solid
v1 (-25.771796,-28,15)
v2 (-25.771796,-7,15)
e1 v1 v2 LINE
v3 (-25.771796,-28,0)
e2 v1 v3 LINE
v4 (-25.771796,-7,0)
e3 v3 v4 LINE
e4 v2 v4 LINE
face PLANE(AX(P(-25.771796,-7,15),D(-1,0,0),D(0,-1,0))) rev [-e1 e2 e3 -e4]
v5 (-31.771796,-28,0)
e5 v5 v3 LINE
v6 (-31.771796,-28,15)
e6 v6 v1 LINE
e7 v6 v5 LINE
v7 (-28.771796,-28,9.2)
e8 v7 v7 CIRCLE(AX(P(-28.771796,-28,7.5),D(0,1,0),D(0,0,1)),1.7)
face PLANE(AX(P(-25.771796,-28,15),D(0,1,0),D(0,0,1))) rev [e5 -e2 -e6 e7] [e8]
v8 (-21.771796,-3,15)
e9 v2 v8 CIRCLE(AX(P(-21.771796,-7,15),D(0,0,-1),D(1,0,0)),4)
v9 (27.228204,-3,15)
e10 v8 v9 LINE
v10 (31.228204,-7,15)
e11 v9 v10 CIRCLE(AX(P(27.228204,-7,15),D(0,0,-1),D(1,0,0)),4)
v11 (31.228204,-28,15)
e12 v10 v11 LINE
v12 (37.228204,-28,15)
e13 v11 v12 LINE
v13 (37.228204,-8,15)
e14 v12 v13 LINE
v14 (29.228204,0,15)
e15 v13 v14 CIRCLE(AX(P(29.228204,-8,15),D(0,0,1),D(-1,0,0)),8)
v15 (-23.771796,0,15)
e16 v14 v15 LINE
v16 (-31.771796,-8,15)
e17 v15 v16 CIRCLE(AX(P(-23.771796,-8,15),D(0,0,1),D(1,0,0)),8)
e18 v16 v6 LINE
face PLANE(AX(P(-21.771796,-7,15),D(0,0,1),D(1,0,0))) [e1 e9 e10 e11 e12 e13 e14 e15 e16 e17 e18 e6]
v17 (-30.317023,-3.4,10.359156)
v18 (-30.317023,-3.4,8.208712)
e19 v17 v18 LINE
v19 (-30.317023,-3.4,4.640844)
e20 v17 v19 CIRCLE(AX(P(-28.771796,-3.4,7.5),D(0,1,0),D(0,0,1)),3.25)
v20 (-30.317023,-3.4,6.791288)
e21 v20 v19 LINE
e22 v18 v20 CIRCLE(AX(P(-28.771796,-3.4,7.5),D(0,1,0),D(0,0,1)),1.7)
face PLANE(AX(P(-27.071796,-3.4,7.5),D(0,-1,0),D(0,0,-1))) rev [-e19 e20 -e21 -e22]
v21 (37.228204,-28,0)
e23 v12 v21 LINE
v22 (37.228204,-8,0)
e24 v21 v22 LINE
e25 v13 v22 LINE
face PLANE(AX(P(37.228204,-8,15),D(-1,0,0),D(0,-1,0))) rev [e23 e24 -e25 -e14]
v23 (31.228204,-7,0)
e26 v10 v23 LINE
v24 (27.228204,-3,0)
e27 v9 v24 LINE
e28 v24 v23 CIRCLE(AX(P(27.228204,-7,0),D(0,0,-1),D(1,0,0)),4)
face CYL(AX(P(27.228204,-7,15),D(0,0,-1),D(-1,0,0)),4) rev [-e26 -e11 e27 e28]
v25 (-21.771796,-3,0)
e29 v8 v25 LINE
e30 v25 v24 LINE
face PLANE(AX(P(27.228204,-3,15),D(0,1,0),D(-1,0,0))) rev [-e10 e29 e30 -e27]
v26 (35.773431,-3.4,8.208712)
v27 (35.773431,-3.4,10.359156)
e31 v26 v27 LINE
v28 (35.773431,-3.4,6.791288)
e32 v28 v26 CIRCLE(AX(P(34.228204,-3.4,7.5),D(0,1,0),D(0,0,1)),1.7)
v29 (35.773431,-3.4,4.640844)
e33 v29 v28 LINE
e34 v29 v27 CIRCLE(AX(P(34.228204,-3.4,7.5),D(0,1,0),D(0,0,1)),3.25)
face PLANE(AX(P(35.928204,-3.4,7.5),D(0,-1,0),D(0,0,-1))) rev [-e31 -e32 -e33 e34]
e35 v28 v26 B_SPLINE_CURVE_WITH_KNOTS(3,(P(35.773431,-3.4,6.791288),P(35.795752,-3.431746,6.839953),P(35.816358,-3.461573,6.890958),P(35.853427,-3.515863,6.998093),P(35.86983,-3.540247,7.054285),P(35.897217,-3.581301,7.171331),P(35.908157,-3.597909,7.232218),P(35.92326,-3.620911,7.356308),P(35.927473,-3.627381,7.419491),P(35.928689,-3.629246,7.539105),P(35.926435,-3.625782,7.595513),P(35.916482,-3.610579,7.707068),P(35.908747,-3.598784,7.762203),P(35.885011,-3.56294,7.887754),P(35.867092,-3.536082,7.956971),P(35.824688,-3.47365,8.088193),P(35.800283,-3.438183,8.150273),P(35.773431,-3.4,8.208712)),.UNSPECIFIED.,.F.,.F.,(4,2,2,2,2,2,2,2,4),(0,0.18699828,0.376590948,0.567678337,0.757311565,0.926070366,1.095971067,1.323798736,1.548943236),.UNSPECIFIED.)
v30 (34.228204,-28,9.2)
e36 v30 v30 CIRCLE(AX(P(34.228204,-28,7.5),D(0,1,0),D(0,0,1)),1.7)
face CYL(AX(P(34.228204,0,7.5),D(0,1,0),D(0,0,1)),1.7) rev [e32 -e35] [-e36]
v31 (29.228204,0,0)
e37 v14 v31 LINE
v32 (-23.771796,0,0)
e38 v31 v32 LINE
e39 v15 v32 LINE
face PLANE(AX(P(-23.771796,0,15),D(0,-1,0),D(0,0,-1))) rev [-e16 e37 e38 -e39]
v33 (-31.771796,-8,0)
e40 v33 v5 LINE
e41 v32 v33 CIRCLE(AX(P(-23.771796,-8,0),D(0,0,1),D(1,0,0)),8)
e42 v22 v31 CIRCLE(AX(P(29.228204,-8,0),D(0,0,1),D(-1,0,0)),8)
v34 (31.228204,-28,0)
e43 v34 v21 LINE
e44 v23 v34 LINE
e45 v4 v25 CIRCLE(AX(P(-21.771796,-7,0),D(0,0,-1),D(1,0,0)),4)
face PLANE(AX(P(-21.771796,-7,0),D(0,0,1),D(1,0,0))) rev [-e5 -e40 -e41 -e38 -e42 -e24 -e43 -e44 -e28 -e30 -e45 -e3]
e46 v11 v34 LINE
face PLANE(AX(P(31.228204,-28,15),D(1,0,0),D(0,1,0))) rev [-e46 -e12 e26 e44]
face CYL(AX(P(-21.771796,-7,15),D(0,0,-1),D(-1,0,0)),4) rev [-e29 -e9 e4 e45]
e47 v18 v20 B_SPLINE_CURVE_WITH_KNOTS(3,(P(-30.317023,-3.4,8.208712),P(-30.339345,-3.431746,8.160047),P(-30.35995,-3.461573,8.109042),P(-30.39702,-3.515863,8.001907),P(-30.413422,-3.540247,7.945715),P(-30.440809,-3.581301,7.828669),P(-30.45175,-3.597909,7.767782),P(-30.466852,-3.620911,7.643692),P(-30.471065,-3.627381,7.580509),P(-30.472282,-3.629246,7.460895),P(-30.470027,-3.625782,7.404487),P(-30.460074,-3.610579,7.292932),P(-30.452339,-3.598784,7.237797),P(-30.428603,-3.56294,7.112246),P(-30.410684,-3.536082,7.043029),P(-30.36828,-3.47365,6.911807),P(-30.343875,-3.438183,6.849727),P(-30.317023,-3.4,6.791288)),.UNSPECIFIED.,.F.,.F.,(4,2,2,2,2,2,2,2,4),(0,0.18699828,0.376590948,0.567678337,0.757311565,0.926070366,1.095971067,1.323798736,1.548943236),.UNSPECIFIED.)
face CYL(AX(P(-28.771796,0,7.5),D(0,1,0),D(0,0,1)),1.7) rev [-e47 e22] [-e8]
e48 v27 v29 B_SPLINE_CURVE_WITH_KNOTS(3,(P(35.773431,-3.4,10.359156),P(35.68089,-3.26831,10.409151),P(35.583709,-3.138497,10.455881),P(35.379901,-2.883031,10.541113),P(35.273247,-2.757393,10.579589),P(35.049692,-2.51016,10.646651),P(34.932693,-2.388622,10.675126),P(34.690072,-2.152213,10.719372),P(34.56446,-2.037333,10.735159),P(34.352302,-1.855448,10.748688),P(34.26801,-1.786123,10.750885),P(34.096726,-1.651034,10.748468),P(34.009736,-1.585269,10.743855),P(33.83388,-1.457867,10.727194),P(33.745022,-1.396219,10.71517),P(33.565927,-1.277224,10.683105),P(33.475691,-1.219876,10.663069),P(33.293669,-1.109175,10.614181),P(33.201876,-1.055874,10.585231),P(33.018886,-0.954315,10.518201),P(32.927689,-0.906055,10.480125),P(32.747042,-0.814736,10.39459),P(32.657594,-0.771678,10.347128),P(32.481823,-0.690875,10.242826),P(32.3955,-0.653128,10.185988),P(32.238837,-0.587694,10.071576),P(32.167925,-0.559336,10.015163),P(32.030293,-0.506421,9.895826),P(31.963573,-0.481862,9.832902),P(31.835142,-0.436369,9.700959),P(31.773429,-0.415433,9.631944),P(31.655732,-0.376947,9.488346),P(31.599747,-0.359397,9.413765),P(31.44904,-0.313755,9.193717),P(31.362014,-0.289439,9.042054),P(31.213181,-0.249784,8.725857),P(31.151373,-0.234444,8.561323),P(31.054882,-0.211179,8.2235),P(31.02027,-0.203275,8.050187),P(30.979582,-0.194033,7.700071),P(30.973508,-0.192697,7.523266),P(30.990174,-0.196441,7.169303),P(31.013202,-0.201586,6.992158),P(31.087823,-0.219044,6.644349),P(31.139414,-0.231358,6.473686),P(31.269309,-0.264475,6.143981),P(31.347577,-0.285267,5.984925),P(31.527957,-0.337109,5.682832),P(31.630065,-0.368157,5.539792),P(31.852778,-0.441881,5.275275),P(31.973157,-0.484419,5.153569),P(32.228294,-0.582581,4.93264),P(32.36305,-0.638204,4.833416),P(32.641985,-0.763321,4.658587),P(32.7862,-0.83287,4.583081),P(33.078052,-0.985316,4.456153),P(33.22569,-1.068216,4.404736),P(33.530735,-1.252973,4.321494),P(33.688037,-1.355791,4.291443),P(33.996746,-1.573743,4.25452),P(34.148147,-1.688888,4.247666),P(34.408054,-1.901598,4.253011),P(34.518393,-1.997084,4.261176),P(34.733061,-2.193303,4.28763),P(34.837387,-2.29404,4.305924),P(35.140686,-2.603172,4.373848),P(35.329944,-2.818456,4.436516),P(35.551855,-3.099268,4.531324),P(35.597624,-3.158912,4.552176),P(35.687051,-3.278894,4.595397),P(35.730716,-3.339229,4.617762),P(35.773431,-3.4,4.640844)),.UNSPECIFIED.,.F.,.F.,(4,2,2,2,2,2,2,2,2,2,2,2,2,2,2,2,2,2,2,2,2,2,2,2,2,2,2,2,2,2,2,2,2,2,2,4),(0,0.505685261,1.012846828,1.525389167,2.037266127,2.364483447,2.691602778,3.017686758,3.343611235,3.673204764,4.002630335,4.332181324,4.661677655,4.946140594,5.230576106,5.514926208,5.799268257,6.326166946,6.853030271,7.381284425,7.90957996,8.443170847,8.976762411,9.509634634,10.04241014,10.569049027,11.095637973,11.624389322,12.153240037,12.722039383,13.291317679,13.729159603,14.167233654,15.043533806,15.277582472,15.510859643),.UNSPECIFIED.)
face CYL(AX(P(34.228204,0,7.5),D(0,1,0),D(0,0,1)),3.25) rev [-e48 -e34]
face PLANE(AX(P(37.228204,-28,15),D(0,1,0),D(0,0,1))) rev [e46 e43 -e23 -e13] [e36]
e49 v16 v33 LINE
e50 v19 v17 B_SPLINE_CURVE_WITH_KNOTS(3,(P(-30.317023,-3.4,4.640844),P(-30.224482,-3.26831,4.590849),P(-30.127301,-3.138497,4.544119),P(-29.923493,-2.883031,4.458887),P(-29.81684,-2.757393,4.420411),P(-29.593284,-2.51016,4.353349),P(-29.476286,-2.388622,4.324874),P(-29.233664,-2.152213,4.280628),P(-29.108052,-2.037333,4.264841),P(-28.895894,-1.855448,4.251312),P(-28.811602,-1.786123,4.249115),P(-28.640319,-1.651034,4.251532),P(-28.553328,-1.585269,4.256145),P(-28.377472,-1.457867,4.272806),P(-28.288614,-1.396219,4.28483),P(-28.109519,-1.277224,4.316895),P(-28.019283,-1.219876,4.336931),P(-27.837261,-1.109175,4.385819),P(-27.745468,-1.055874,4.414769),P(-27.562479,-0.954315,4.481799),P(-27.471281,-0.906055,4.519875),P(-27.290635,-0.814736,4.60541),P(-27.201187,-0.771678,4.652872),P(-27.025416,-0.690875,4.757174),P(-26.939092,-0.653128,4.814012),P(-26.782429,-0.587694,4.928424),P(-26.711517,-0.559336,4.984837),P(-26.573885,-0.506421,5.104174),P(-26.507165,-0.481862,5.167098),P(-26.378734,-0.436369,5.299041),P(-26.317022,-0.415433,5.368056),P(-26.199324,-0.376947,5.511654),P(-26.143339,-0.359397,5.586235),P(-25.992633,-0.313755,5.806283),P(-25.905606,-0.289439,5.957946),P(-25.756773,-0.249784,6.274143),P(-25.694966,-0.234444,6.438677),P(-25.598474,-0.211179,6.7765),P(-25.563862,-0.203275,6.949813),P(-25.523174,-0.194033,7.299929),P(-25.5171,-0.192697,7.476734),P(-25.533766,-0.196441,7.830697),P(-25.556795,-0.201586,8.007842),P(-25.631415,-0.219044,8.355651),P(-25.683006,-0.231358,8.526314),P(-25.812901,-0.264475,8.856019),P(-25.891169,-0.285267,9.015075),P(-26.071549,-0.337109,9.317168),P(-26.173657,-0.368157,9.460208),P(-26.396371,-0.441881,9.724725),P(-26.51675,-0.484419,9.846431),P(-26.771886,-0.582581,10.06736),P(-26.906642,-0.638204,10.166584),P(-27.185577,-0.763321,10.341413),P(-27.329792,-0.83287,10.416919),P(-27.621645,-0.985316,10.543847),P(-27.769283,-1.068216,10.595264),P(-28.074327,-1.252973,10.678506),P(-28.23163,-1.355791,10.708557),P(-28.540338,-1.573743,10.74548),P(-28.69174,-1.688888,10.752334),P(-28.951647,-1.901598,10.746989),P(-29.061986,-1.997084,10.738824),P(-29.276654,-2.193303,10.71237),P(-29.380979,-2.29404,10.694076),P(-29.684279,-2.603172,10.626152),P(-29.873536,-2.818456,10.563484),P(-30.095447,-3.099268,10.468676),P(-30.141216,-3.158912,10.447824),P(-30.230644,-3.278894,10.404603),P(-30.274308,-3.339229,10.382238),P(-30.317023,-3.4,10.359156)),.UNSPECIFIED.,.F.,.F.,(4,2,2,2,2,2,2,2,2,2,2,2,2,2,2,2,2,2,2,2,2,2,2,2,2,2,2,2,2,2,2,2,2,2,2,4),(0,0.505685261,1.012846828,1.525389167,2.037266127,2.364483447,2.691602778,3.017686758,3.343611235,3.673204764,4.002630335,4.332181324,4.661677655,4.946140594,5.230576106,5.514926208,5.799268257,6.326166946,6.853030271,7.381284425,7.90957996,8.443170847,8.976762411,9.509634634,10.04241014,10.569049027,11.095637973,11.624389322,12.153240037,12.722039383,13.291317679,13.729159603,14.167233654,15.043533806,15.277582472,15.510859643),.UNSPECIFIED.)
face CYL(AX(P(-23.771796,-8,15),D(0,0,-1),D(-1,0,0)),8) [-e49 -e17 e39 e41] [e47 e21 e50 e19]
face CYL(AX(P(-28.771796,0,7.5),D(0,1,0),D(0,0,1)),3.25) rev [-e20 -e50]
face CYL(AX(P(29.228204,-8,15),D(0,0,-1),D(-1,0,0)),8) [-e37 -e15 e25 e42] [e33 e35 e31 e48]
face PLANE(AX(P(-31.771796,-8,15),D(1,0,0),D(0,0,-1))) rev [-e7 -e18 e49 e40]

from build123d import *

# Parameters (mm, degrees)
P_IDAT_VYSUNUT_M1_DEPTH                          = 15
V_LCOV_ZAHLOUBEN_PRO_M3_ROUBY_S_VNIT_D           = 3.4
V_LCOV_ZAHLOUBEN_PRO_M3_ROUBY_S_VNIT_CBORE_D     = 6.5
V_LCOV_ZAHLOUBEN_PRO_M3_ROUBY_S_VNIT_CBORE_DEPTH = 3.4


with BuildPart() as part:
    # Skica1 → Přidat vysunutím1 (new body)
    with BuildSketch(Plane.XY):
        with BuildLine():
            Line((-23.771796173, 0), (29.228203827, 0))
            ThreePointArc((29.228203827, 0), (34.885058077, -2.343145751), (37.228203827, -8))
            Line((37.228203827, -8), (37.228203827, -28))
            Line((37.228203827, -28), (31.228203827, -28))
            Line((31.228203827, -28), (31.228203827, -7))
            ThreePointArc((31.228203827, -7), (30.056630952, -4.171572875), (27.228203827, -3))
            Line((27.228203827, -3), (-21.771796173, -3))
            ThreePointArc((-21.771796173, -3), (-24.600223298, -4.171572875), (-25.771796173, -7))
            Line((-25.771796173, -7), (-25.771796173, -28))
            Line((-25.771796173, -28), (-31.771796173, -28))
            Line((-31.771796173, -28), (-31.771796173, -8))
            ThreePointArc((-31.771796173, -8), (-29.428650422, -2.343145751), (-23.771796173, 0))
        make_face()
    extrude(amount=P_IDAT_VYSUNUT_M1_DEPTH)

    # Válcové zahloubení pro M3 šrouby s vnitřním šestihranem1 (through all)
    with Locations(Plane(origin=(0, 0, 0), x_dir=(1, 0, 0), z_dir=(0, 1, 0))):
        with Locations((-28.771796173, -7.5), (34.228203827, -7.5)):
            CounterBoreHole(V_LCOV_ZAHLOUBEN_PRO_M3_ROUBY_S_VNIT_D / 2, V_LCOV_ZAHLOUBEN_PRO_M3_ROUBY_S_VNIT_CBORE_D / 2, V_LCOV_ZAHLOUBEN_PRO_M3_ROUBY_S_VNIT_CBORE_DEPTH)


solid = part.part
